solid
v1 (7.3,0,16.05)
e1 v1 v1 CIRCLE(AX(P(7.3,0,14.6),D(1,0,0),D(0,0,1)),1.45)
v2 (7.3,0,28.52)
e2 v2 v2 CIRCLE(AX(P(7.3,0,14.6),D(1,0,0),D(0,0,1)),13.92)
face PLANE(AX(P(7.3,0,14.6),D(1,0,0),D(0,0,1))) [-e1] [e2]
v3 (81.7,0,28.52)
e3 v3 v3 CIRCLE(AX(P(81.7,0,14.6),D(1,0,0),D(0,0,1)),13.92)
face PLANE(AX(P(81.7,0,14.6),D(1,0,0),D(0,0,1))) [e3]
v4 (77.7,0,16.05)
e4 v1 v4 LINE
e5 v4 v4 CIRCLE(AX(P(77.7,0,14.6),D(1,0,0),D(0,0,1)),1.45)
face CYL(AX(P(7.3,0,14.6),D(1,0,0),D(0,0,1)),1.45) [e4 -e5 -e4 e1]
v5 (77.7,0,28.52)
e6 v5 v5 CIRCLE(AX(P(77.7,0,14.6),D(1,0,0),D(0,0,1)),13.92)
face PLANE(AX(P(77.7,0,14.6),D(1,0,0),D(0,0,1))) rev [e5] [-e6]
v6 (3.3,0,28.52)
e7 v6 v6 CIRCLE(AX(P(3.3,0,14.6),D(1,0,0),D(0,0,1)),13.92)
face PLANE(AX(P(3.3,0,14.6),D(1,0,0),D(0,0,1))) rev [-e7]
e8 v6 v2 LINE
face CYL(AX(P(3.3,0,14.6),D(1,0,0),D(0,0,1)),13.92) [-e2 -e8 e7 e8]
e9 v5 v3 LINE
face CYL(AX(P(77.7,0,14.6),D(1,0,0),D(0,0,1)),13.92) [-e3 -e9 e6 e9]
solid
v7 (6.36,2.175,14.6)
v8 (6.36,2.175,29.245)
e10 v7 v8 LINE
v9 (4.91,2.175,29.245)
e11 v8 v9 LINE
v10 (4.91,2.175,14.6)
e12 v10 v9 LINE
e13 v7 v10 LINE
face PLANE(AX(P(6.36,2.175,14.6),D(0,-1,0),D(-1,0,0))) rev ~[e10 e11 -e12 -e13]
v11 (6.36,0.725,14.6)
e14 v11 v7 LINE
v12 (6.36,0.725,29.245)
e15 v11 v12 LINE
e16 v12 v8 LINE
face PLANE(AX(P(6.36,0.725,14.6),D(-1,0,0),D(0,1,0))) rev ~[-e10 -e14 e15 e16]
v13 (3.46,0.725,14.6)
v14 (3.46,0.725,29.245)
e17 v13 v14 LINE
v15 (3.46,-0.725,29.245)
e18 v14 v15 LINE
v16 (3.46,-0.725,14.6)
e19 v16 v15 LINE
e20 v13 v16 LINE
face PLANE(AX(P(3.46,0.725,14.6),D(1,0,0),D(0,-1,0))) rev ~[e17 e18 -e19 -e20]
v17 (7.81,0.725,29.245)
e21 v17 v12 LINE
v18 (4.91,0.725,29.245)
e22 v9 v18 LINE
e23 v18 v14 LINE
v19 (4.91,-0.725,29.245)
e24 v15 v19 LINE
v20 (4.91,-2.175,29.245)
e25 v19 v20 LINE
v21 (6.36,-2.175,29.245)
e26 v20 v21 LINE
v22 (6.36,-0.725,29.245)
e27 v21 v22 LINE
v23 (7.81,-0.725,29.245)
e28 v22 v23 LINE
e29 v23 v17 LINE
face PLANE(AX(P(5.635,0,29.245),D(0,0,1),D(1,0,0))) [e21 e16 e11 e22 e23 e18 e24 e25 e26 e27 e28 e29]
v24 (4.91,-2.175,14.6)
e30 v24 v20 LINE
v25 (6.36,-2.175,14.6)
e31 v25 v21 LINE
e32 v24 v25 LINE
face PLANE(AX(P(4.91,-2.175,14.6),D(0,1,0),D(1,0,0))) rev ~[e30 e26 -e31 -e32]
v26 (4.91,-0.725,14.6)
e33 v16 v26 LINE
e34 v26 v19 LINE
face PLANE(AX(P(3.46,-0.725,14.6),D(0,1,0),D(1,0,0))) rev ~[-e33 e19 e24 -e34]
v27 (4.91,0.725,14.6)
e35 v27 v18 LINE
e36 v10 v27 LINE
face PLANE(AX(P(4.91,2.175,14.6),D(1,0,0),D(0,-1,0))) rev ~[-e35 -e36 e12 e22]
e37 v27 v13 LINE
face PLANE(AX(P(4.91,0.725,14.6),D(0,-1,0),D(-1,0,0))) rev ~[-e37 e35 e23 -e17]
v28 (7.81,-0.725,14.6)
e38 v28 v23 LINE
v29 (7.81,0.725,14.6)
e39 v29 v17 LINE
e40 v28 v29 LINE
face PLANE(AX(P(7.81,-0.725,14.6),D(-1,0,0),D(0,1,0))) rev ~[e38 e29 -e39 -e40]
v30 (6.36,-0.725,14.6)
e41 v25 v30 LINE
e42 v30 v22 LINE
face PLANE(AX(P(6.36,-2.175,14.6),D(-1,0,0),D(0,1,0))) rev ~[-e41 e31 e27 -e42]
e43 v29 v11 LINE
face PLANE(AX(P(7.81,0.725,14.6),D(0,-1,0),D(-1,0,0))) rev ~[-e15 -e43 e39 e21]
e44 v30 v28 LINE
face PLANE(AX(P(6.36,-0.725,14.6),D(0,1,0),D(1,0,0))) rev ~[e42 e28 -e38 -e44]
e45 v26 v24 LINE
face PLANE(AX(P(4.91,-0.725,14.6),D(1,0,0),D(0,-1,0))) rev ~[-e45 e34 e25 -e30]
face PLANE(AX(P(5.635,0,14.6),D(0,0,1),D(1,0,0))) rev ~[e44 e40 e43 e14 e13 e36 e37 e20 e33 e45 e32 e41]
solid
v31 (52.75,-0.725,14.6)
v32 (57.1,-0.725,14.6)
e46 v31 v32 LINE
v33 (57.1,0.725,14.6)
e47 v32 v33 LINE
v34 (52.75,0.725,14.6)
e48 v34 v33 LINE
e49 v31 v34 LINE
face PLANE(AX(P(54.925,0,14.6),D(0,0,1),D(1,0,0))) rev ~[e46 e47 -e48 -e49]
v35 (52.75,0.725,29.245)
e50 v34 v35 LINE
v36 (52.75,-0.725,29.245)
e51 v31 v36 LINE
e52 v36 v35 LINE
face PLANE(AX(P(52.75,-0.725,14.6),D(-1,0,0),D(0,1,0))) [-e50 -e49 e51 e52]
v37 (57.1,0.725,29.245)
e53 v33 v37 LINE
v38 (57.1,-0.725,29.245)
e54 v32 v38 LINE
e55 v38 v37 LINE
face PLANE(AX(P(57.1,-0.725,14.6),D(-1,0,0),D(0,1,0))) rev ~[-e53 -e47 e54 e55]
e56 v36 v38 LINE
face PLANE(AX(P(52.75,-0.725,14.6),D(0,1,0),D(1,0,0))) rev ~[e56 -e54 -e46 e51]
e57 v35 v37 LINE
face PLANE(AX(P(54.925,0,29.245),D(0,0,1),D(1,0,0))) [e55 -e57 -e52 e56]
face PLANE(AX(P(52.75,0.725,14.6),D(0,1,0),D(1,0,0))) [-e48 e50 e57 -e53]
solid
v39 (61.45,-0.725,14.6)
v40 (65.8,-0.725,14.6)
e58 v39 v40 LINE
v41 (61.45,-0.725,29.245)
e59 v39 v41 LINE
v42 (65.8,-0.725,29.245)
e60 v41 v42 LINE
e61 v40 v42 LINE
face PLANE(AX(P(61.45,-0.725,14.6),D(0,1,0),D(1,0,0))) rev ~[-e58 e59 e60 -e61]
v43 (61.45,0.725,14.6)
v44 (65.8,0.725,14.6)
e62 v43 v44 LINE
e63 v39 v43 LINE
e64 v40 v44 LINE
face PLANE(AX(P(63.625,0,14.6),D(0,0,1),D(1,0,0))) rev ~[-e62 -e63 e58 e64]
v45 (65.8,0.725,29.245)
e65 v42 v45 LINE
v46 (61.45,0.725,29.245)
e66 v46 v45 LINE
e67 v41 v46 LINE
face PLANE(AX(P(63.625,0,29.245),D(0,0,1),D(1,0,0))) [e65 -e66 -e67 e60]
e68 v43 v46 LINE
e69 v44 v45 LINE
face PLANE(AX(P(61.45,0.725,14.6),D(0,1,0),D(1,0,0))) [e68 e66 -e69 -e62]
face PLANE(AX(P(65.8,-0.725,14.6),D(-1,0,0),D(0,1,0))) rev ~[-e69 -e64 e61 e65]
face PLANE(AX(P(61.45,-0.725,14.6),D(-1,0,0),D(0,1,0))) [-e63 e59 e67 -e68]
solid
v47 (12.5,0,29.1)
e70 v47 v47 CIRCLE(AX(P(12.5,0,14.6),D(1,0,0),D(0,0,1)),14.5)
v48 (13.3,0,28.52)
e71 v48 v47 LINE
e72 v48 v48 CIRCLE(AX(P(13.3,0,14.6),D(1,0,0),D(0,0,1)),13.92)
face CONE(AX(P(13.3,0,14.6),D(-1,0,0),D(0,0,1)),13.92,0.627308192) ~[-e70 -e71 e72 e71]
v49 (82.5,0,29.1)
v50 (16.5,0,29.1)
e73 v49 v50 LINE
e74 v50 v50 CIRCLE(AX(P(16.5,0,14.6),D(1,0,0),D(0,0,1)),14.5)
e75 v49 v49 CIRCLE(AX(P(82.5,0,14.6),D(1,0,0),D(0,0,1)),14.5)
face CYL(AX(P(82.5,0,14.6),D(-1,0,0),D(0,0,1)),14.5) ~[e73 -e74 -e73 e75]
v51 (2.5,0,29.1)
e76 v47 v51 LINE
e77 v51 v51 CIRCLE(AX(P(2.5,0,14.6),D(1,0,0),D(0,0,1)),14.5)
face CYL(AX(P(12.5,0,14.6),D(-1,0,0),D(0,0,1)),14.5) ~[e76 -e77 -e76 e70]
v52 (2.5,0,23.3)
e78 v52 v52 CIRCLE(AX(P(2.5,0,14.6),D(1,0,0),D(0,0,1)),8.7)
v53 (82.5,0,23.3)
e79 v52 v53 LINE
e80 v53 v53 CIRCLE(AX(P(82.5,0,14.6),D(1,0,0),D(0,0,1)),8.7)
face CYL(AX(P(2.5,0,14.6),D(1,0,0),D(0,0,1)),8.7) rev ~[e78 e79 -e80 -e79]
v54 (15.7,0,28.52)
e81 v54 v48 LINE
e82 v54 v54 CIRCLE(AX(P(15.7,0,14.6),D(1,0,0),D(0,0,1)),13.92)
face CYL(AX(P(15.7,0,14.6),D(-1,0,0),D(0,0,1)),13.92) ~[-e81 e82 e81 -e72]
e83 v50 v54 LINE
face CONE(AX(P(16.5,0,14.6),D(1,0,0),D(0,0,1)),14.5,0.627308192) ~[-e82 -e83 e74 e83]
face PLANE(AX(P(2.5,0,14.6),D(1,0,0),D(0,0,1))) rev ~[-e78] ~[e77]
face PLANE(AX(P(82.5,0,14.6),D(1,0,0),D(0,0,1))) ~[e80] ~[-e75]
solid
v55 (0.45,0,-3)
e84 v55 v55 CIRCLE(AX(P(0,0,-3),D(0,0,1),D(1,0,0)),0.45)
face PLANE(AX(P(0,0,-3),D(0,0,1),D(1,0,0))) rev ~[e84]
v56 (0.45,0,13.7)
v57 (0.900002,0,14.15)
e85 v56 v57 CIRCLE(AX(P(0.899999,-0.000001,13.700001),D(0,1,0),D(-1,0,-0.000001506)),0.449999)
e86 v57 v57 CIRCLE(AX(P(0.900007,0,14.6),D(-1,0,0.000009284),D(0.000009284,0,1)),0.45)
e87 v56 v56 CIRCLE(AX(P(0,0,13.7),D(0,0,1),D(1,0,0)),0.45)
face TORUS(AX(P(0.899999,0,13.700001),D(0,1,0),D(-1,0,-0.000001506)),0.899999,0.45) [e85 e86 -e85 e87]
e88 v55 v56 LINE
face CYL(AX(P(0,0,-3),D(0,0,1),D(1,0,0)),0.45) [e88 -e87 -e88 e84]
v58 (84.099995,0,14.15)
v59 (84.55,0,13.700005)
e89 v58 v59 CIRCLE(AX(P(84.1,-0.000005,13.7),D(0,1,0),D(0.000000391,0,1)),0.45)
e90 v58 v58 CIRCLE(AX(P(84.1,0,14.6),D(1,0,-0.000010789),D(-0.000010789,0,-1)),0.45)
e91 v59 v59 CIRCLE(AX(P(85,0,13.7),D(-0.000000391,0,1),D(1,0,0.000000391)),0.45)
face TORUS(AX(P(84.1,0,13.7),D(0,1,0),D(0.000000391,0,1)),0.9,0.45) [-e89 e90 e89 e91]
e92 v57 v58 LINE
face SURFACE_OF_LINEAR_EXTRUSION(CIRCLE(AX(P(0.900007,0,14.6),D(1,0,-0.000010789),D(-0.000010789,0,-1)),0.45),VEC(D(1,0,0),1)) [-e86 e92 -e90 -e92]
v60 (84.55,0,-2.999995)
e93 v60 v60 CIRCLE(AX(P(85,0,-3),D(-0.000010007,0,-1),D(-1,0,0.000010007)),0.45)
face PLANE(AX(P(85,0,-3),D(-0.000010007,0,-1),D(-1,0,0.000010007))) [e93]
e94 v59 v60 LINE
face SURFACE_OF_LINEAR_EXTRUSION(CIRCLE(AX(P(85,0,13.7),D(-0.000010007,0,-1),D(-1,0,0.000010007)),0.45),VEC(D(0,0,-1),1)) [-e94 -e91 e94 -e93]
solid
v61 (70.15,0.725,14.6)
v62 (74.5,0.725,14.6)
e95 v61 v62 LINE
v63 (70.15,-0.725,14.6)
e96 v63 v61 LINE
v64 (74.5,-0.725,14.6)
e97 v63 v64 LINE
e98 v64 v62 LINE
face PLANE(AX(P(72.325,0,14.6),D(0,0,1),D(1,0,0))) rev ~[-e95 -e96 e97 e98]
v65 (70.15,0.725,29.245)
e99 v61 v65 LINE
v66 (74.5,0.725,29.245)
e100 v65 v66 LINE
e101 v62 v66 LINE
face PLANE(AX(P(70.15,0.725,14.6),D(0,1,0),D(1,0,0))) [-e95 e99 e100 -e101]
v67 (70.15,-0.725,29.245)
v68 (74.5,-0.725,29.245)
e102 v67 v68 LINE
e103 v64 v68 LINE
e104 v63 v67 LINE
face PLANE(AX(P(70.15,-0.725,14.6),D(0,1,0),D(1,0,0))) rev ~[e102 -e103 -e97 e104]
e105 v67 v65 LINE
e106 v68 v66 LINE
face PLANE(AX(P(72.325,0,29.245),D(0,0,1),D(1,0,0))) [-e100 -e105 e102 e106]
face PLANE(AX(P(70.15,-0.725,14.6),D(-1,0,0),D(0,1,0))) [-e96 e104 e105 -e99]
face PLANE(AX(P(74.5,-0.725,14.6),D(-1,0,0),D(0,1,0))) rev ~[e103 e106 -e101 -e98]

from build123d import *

# Parameters (mm, degrees)
SKETCH_R    = 0.45
SKETCH004_W = 4.35
SKETCH004_H = 1.45
PAD_DEPTH   = 14.645


with BuildPart() as sweep_body:
    # Sweep: sweep along a path in Sketch001
    with BuildLine(Plane.XZ) as sweep_path:
        Line((0, -3), (0, 13.7))
        ThreePointArc((0, 13.7), (0.263606, 14.336399), (0.900007, 14.6))
        Line((0.900007, 14.6), (84.1, 14.6))
        ThreePointArc((84.1, 14.6), (84.736396, 14.336396), (85, 13.7))
        Line((85, 13.7), (85, -3))
    # Sketch → Sweep (sweep)
    with BuildSketch(Plane.XY.offset(-2)):
        Circle(SKETCH_R)
    sweep(path=sweep_path.line)


with BuildPart() as revolution:
    # Sketch002 → Revolution (revolve)
    with BuildSketch(Plane.XZ):
        Polygon((2.5, 29.1), (2.5, 23.3), (82.5, 23.3), (82.5, 29.1), (16.5, 29.1), (15.7, 28.52), (13.3, 28.52), (12.5, 29.1), align=None)
    revolve(axis=Axis((6.97588, 0, 14.6), (1, 0, 0)))


with BuildPart() as revolution001:
    # Sketch003 → Revolution001 (revolve)
    with BuildSketch(Plane.XZ):
        Polygon((3.3, 28.52), (7.3, 28.52), (7.3, 16.05), (77.7, 16.05), (77.7, 28.52), (81.7, 28.52), (81.7, 14.6), (3.3, 14.6), align=None)
    revolve(axis=Axis((6.97588, 0, 14.6), (1, 0, 0)))


with BuildPart() as pad:
    # Sketch004 → Pad (new body)
    with BuildSketch(Plane.XY.offset(14.6)):
        with Locations((72.325, 0)):
            Rectangle(SKETCH004_W, SKETCH004_H)
        with Locations((63.625, 0)):
            Rectangle(SKETCH004_W, SKETCH004_H)
        with Locations((54.925, 0)):
            Rectangle(SKETCH004_W, SKETCH004_H)
        Polygon((4.91, 0.725), (3.46, 0.725), (3.46, -0.725), (4.91, -0.725), (4.91, -2.175), (6.36, -2.175), (6.36, -0.725), (7.81, -0.725), (7.81, 0.725), (6.36, 0.725), (6.36, 2.175), (4.91, 2.175), align=None)
    extrude(amount=PAD_DEPTH)


solid = Compound([sweep_body.part, revolution.part, revolution001.part, pad.part])
